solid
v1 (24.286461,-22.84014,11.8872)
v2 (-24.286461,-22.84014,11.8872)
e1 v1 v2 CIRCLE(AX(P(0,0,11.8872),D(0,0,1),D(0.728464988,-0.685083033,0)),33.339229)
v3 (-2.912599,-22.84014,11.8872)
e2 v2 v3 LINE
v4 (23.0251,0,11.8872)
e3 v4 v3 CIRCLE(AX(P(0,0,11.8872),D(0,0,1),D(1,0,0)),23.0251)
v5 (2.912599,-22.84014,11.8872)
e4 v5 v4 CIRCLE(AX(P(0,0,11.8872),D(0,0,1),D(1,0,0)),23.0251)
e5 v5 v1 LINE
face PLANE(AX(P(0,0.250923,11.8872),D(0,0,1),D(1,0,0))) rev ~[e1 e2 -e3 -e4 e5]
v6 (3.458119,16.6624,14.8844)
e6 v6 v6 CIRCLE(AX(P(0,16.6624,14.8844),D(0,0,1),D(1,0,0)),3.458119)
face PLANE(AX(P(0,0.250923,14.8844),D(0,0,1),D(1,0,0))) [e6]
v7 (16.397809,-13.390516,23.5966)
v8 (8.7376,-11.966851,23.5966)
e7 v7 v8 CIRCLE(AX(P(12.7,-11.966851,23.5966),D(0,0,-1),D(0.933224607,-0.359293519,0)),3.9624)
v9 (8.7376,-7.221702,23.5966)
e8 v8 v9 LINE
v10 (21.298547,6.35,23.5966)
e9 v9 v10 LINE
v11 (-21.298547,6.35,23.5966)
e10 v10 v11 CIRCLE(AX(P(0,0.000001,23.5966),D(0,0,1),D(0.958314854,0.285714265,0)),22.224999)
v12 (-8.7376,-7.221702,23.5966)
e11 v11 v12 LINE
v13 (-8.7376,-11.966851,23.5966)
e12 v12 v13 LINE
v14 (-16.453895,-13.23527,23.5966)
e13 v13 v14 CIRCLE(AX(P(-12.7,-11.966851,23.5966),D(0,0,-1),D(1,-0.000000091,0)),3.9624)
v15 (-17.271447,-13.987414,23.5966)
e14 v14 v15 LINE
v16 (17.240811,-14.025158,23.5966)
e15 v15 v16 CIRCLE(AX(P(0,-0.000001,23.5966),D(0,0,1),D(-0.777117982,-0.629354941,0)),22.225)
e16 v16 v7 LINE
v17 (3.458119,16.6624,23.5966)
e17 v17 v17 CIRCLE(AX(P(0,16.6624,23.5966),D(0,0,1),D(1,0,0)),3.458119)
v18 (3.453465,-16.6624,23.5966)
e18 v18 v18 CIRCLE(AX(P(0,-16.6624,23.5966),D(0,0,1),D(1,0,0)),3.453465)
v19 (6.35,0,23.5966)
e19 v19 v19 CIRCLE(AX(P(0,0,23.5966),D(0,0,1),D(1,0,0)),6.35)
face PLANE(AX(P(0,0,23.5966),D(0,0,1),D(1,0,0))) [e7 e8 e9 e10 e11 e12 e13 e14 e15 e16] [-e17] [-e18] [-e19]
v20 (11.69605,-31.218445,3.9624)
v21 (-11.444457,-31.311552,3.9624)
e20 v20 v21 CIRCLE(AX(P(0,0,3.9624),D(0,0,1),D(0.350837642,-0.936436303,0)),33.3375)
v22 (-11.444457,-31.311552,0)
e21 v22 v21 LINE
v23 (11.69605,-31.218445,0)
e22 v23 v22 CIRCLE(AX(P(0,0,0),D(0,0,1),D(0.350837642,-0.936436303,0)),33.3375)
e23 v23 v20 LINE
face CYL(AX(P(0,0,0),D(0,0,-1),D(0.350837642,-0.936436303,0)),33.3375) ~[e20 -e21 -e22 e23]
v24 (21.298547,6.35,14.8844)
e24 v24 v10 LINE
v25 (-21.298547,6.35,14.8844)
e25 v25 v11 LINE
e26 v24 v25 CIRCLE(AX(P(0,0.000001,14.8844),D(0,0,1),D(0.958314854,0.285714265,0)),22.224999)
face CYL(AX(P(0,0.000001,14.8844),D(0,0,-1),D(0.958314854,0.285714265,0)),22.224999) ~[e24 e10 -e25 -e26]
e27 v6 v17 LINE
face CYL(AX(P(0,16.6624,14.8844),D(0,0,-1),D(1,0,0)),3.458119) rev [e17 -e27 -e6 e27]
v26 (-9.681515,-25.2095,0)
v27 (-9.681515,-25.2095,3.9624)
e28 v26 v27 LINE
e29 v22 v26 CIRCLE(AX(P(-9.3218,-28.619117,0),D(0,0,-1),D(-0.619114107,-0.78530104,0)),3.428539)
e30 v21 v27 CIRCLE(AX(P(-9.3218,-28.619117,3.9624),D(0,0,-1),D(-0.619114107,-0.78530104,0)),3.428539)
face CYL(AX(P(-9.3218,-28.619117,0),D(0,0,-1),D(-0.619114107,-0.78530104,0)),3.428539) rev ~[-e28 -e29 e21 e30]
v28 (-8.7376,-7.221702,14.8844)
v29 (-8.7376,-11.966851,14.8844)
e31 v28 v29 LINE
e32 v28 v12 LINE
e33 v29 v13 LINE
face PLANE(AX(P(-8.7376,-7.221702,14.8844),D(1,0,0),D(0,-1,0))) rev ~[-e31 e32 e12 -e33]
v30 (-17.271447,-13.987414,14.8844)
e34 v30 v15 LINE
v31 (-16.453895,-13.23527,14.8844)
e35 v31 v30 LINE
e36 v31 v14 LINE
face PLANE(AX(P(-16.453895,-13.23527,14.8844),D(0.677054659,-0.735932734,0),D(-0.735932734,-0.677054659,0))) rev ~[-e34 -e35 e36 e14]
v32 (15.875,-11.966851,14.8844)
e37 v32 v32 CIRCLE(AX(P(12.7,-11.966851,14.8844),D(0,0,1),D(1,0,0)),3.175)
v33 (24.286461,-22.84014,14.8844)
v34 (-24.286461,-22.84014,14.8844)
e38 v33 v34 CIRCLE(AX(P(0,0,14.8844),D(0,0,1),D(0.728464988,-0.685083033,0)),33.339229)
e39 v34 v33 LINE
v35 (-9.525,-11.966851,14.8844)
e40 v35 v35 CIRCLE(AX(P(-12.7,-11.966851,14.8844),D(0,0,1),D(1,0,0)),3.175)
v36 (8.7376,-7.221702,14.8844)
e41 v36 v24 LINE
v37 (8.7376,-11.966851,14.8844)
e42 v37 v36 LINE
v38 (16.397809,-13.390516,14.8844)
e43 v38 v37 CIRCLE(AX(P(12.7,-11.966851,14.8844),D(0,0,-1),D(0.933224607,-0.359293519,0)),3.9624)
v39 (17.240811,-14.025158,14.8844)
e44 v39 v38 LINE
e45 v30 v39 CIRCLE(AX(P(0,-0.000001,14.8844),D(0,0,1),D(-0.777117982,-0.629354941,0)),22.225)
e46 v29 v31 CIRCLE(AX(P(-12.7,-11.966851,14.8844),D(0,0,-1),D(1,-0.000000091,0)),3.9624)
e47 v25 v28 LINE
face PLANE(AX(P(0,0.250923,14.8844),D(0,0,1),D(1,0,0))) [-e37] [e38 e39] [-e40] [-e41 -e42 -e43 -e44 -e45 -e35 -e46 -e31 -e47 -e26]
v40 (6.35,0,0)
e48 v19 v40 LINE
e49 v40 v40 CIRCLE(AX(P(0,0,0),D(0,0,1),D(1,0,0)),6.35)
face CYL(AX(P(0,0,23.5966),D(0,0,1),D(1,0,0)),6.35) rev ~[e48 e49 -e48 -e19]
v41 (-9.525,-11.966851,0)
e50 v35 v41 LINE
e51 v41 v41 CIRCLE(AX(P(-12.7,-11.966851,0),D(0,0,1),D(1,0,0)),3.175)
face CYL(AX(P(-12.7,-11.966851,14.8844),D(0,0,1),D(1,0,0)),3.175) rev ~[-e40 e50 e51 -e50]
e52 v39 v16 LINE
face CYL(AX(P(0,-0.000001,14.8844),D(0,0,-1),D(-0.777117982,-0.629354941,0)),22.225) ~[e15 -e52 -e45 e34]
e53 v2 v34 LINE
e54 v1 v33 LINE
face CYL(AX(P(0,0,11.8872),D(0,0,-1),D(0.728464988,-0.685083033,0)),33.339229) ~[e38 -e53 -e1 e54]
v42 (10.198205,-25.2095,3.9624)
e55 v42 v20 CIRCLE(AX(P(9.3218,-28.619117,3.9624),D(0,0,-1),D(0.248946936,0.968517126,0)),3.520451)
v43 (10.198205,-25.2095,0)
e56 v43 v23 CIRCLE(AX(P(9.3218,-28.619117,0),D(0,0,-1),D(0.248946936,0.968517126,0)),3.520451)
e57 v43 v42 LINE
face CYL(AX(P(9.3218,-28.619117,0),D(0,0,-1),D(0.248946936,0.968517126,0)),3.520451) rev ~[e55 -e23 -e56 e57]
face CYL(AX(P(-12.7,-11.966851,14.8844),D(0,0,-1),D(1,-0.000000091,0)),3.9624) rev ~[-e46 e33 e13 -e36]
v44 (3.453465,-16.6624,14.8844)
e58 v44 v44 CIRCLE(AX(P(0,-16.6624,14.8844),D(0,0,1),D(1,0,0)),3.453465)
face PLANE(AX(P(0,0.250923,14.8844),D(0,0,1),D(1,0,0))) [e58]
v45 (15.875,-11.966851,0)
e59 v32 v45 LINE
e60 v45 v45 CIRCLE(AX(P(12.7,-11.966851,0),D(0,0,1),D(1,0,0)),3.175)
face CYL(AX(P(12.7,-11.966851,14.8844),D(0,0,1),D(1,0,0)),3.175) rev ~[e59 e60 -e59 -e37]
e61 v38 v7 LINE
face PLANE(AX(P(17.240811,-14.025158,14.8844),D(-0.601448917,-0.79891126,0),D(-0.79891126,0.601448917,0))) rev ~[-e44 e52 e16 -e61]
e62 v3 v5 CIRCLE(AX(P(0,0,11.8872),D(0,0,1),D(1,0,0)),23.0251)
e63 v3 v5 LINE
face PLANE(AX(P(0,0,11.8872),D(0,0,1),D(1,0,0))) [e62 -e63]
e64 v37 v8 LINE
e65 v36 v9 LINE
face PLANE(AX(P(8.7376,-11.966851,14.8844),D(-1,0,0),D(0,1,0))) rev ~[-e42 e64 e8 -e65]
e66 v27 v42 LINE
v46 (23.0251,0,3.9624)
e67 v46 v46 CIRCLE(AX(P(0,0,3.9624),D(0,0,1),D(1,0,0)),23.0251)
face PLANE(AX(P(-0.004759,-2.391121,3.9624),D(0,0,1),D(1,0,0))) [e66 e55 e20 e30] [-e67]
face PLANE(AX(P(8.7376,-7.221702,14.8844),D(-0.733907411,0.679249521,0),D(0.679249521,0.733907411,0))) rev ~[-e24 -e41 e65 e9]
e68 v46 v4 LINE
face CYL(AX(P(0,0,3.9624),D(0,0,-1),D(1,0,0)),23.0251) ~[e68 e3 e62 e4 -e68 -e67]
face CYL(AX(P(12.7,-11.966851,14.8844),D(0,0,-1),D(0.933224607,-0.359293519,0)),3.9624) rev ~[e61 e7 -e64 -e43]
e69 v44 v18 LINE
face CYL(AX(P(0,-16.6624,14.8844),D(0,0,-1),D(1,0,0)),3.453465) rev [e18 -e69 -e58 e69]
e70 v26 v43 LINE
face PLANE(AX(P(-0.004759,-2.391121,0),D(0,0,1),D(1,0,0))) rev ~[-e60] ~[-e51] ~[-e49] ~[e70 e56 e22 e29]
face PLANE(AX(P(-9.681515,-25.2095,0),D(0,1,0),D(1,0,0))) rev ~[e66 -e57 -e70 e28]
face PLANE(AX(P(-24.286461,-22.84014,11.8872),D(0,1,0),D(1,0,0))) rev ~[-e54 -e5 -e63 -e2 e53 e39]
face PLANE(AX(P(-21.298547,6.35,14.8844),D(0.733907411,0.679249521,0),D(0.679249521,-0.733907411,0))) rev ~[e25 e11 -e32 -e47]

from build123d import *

# Parameters (mm, degrees)
F1_DEPTH  = 3.9624
F2_R      = 23.0251
F3_DEPTH  = 7.9248
F5_DEPTH  = 2.9972
F6_R      = 6.35
F6_R_2    = 3.453465
F6_R_3    = 3.458119
F7_DEPTH  = 8.7122
F8_R      = 6.35
F9_DEPTH  = 23.5976
F10_R     = 3.175
F11_DEPTH = 14.8854


with BuildPart() as f1:
    # F0 (on Top) → F1 (new body)
    with BuildSketch(Plane.XY):
        with BuildLine():
            Line((-8.962085, -25.2095), (0, -25.2095))
            Line((0, -25.2095), (10.198205, -25.2095))
            ThreePointArc((10.198205, -25.2095), (12.737725, -27.767632), (11.69605, -31.218445))
            ThreePointArc((11.69605, -31.218445), (-0.134135, 33.33723), (-11.444457, -31.311552))
            ThreePointArc((-11.444457, -31.311552), (-12.615628, -27.667498), (-9.681515, -25.2095))
            Line((-9.681515, -25.2095), (-8.962085, -25.2095))
        make_face()
    extrude(amount=F1_DEPTH)

    # F2 (on face) → F3 (join)
    with BuildSketch(Plane.XY.offset(3.9624)):
        Circle(F2_R)
    extrude(amount=F3_DEPTH)

    # F4 (on face) → F5 (join)
    with BuildSketch(Plane.XY.offset(11.8872)):
        with BuildLine():
            Line((-24.286461, -22.84014), (24.286461, -22.84014))
            ThreePointArc((24.286461, -22.84014), (0, 33.339229), (-24.286461, -22.84014))
        make_face()
    extrude(amount=F5_DEPTH)

    # F6 (on face) → F7 (join)
    with BuildSketch(Plane.XY.offset(14.8844)):
        Circle(F6_R)
        with BuildLine():
            Line((8.7376, -7.221702), (21.298547, 6.35))
            ThreePointArc((21.298547, 6.35), (0, 22.225), (-21.298547, 6.35))
            Line((-21.298547, 6.35), (-8.7376, -7.221702))
            Line((-8.7376, -7.221702), (-8.7376, -11.966851))
            ThreePointArc((-8.7376, -11.966851), (-12.057279, -15.876777), (-16.453895, -13.23527))
            Line((-16.453895, -13.23527), (-17.271447, -13.987414))
            ThreePointArc((-17.271447, -13.987414), (-0.024306, -22.224987), (17.240811, -14.025158))
            Line((17.240811, -14.025158), (16.397809, -13.390516))
            ThreePointArc((16.397809, -13.390516), (11.975978, -15.862542), (8.7376, -11.966851))
            Line((8.7376, -11.966851), (8.7376, -7.221702))
        make_face()
        with Locations((0, -16.6624)):
            Circle(F6_R_2, mode=Mode.SUBTRACT)
        Circle(F6_R, mode=Mode.SUBTRACT)
        with Locations((0, 16.6624)):
            Circle(F6_R_3, mode=Mode.SUBTRACT)
    extrude(amount=F7_DEPTH)

    # F8 (on face) → F9 (cut, through all)
    with BuildSketch(Plane.XY.offset(23.5966)):
        Circle(F8_R)
    extrude(amount=-F9_DEPTH, mode=Mode.SUBTRACT)

    # F10 (on face) → F11 (cut, through all)
    with BuildSketch(Plane.XY.offset(14.8844)):
        with Locations((-12.7, -11.966851)):
            Circle(F10_R)
        with Locations((12.7, -11.966851)):
            Circle(F10_R)
    extrude(amount=-F11_DEPTH, mode=Mode.SUBTRACT)


solid = f1.part
